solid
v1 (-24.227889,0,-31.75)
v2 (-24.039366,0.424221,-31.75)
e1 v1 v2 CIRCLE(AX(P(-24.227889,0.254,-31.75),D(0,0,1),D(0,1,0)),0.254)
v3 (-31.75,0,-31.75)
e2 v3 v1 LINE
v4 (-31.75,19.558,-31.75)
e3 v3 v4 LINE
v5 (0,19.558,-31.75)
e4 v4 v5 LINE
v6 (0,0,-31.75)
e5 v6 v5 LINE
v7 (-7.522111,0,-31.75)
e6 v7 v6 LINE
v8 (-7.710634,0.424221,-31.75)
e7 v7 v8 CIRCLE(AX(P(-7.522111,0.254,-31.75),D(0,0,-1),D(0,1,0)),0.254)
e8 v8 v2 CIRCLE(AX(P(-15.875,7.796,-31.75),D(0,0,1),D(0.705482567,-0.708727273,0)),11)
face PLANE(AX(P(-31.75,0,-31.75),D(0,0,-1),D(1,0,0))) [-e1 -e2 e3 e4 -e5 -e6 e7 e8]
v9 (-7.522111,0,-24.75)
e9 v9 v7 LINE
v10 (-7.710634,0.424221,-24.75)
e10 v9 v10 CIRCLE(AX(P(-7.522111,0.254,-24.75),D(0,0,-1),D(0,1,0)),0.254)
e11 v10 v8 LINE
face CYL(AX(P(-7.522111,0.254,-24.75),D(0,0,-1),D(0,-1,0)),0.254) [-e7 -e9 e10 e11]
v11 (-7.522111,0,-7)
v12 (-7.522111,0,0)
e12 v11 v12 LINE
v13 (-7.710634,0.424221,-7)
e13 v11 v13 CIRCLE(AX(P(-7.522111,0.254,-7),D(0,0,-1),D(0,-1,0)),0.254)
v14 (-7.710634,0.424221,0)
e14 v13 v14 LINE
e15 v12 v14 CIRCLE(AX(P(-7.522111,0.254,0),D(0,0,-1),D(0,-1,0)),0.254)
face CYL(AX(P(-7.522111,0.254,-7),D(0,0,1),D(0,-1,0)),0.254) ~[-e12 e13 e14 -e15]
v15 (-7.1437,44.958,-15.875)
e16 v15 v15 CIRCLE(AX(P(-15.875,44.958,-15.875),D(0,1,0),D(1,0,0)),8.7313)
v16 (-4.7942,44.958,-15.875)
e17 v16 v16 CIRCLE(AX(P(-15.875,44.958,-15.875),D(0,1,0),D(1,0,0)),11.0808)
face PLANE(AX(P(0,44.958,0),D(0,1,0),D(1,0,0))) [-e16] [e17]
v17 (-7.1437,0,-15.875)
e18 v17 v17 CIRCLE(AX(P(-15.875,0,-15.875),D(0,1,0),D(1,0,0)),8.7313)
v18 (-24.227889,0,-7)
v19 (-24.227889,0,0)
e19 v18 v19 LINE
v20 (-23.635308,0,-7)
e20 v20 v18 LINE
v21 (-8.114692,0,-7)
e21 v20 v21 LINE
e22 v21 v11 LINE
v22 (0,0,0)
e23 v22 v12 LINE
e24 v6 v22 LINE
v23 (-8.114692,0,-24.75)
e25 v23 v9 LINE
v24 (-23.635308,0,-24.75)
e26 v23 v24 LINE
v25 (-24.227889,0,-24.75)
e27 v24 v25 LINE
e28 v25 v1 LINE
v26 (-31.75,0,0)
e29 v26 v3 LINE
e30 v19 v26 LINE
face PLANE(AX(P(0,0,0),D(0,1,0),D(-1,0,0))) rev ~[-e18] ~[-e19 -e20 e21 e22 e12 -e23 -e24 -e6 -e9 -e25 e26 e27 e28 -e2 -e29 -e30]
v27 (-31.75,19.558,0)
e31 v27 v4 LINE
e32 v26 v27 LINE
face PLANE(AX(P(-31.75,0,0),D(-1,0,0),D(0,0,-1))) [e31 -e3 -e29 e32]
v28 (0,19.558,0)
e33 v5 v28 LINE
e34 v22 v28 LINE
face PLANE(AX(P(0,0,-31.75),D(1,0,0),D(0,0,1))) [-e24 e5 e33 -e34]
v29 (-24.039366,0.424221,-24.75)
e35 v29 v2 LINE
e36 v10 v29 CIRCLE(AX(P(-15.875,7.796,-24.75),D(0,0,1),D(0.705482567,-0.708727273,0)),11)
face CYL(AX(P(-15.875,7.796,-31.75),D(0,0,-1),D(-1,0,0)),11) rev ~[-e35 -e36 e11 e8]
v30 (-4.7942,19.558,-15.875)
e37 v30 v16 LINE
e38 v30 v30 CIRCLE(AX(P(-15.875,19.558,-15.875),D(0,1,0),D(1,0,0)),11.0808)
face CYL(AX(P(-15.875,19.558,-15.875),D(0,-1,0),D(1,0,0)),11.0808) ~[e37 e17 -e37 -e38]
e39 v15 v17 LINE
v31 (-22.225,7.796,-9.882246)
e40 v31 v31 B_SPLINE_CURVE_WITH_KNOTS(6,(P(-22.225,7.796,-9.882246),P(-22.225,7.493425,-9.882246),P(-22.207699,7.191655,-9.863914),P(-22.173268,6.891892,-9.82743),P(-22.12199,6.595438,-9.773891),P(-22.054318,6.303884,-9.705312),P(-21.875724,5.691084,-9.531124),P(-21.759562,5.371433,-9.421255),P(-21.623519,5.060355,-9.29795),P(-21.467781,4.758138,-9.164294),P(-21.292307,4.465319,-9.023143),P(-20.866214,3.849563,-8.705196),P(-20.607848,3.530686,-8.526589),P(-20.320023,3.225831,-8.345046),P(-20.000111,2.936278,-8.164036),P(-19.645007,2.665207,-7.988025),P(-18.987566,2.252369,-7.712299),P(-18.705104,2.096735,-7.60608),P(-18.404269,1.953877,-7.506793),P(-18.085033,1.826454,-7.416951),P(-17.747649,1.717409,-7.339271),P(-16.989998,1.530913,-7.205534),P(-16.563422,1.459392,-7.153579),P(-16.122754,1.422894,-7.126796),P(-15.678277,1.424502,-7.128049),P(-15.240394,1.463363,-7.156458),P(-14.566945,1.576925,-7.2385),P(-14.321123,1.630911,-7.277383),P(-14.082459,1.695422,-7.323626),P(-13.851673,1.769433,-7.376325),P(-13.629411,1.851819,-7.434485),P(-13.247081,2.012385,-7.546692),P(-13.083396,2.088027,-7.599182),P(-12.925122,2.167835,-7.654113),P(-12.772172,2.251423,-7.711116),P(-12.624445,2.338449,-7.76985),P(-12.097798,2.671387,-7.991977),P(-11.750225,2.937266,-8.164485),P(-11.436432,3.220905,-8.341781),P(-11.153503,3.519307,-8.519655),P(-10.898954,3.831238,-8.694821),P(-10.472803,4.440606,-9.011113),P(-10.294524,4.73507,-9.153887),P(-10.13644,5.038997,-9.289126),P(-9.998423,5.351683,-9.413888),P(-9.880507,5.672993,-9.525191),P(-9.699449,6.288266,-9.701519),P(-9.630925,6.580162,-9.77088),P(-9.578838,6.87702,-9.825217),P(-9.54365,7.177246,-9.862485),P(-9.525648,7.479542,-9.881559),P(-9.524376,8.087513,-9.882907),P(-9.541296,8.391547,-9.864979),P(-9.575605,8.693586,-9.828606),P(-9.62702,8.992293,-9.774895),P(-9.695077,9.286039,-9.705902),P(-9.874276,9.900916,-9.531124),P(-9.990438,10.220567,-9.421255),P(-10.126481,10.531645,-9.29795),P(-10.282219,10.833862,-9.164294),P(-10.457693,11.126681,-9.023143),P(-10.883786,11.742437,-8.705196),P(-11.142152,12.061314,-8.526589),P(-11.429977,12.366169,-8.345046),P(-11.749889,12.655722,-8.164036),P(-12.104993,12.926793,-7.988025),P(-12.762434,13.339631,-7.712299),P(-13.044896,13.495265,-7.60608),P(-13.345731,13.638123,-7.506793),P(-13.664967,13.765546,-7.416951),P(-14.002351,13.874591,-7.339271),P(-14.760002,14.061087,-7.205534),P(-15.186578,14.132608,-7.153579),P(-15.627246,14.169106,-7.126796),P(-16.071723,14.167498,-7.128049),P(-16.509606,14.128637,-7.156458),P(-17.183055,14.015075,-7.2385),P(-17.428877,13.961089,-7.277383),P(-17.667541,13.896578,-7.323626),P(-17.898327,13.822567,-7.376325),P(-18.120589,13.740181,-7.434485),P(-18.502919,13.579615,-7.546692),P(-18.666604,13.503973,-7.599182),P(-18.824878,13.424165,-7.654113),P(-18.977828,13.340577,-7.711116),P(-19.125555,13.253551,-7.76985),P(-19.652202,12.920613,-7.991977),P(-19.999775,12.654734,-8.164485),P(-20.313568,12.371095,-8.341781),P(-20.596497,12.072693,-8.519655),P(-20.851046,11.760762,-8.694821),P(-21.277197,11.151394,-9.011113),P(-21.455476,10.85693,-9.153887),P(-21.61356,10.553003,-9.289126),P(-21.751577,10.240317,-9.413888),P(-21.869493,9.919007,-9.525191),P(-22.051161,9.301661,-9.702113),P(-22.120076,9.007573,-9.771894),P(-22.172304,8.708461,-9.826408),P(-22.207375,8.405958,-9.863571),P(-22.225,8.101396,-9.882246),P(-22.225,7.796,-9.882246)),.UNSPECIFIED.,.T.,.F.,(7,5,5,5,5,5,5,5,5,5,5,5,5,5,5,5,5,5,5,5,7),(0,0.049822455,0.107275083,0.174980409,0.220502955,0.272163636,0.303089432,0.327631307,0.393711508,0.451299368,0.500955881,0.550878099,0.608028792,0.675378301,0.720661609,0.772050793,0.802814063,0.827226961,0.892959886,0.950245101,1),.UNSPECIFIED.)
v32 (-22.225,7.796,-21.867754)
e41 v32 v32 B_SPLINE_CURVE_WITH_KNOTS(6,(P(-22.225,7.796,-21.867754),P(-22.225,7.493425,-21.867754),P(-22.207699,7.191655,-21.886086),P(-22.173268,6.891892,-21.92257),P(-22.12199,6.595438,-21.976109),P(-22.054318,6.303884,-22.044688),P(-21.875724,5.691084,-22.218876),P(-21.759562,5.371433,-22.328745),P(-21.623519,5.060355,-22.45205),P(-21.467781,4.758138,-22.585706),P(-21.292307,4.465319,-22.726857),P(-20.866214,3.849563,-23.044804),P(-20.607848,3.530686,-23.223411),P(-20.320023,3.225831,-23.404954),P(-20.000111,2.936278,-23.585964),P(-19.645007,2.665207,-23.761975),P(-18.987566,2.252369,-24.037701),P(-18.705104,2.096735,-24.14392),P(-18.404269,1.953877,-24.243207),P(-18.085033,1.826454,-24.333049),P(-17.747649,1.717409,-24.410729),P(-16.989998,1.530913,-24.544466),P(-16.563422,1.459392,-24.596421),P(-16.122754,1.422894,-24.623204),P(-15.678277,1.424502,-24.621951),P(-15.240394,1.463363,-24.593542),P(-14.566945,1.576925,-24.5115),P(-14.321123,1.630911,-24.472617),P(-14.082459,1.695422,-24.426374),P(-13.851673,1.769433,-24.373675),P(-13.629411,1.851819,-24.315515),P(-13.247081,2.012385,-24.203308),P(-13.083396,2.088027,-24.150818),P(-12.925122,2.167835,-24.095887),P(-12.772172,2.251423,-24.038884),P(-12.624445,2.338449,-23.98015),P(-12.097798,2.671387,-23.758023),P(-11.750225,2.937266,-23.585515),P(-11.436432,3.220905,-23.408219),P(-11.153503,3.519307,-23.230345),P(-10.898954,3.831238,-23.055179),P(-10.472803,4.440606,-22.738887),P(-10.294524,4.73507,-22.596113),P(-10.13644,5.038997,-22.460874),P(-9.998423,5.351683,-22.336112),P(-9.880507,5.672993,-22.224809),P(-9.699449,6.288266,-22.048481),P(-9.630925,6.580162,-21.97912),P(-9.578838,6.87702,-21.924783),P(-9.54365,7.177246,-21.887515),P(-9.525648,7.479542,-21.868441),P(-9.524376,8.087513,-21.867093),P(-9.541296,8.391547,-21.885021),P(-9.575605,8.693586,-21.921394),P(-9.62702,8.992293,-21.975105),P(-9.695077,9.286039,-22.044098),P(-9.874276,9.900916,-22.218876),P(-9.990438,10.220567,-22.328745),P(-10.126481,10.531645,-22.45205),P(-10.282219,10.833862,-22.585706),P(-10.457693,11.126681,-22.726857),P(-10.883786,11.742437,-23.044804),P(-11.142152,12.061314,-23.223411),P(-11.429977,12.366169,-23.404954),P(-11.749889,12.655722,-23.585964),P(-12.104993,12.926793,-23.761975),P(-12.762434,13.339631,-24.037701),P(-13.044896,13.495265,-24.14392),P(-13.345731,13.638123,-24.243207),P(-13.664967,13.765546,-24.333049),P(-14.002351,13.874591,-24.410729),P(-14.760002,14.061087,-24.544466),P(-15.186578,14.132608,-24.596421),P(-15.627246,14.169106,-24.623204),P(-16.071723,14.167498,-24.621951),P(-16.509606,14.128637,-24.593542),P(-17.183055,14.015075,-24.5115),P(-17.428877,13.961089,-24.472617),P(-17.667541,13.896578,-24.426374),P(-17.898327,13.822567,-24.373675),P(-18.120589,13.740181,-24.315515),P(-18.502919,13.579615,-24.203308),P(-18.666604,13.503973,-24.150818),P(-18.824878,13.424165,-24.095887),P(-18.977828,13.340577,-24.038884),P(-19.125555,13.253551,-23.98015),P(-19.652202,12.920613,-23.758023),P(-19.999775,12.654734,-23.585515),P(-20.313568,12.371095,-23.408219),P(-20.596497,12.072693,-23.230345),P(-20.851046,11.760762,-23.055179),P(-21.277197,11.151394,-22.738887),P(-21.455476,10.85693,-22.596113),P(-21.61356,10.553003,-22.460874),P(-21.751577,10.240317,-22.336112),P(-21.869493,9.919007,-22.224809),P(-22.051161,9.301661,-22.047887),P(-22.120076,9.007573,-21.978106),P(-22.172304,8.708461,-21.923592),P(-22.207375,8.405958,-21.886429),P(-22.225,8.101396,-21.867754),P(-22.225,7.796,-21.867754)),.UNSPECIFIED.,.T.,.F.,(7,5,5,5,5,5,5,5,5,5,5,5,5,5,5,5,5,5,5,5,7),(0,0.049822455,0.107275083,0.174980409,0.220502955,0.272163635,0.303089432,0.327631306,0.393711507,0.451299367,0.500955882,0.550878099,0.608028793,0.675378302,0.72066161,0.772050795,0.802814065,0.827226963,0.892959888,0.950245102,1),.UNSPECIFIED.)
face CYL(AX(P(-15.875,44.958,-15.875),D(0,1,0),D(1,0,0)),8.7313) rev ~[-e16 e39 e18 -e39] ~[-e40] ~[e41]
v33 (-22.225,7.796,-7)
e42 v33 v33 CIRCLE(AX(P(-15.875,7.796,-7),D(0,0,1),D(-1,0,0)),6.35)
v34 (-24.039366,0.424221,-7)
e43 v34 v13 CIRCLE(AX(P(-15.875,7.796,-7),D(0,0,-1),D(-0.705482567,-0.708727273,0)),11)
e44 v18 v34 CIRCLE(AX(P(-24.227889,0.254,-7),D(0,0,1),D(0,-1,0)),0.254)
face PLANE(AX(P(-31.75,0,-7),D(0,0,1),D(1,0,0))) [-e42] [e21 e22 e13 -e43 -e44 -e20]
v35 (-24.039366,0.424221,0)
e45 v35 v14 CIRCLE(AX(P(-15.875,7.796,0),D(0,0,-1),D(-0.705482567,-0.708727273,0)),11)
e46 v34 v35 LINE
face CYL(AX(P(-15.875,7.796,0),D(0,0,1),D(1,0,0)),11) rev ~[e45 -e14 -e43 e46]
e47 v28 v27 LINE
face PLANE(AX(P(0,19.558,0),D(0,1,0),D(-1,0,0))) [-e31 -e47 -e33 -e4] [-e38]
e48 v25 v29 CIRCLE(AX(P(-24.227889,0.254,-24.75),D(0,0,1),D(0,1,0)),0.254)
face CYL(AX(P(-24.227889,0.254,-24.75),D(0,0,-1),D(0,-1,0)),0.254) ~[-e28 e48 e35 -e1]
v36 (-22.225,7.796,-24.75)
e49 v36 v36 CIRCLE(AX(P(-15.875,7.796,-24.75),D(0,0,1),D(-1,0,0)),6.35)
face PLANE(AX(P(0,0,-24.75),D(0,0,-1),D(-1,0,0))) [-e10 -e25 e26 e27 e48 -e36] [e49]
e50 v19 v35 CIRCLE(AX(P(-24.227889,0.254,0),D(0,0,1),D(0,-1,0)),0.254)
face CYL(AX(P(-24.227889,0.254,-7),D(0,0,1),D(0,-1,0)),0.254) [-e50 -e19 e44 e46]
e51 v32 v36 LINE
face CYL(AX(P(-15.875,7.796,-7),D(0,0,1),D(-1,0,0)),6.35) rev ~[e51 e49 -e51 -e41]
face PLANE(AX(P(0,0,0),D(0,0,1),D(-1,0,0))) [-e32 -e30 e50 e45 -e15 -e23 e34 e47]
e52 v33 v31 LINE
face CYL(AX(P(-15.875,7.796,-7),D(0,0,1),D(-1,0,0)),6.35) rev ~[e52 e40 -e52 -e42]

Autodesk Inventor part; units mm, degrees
ref_plane "YZ Plane" through (0, 0, 0) normal (1, 0, 0) x (0, 1, 0)
ref_plane "XZ Plane" through (0, 0, 0) normal (0, 1, 0) x (-1, 0, 0)
ref_plane "XY Plane" through (0, 0, 0) normal (0, 0, 1) x (1, 0, 0)
sketch "Sketch1" plane through (0, 0, 0) normal (0, 1, 0) x (-1, 0, 0)
  line L0 (0, 0) -> (31.75, 0)
  line L1 (31.75, 0) -> (31.75, -31.75)
  line L2 (31.75, -31.75) -> (0, -31.75)
  line L3 (0, -31.75) -> (0, 0)
  dimension "d0" = 31.75
  dimension "d1" = 31.75
extrude "Extrusion1" add sketch "Sketch1" along normal blind 19.558
sketch "Sketch2" plane through (0, 19.558, 0) normal (0, 1, 0) x (1, 0, 0)
  line L0 (-31.75, 31.75) -> (-31.75, 0) construction
  line L1 (-31.75, 0) -> (0, 31.75) construction
  circle A0 centre (-15.875, 15.875) radius 11.0808
  point P0 (0, 0)
  dimension "d4" = 22.1615
extrude "Extrusion2" add sketch "Sketch2" along normal blind 25.4
sketch "Sketch3" plane through (-15.875, 44.958, -15.875) normal (0, 1, 0) x (1, 0, 0)
  circle A0 centre (0, 0) radius 8.7313
  circle A1 centre (0, 0) radius 11.0808 projected
  point P0 (15.875, -15.875)
  dimension "d19" = 17.4625
extrude "Extrusion3" cut sketch "Sketch3" against normal through all contours A0
sketch "Sketch4" plane through (-31.75, 0, 0) normal (0, 0, 1) x (1, 0, 0)
  circle A0 centre (15.875, 7.796) radius 11
  line L0 (0, 19.558) -> (31.75, 19.558) construction
  line L1 (15.875, 19.558) -> (15.875, 0) construction
  line L2 (31.75, 0) -> (0, 0) construction
  dimension "d10" = 22
  dimension "d20" = 11.762
extrude "Extrusion4" cut sketch "Sketch4" against normal blind 7
sketch "Sketch5" plane through (0, 0, -31.75) normal (0, 0, -1) x (-1, 0, 0)
  circle A0 centre (15.875, 7.796) radius 11 projected
  point P0 (0, 0)
extrude "Extrusion5" cut sketch "Sketch5" against normal blind 7
sketch "Sketch6" plane through (-15.875, 7.796, -7) normal (0, 0, 1) x (-1, 0, 0)
  circle A0 centre (0, 0) radius 6.35
  point P0 (-15.875, 7.796)
  dimension "d15" = 12.7
extrude "Extrusion6" cut sketch "Sketch6" against normal through all
fillet "Fillet1" radius 0.254 4 edges at (-8.1147, 0, -3.5) (-23.6353, 0, -3.5) (-23.6353, 0, -28.25) (-8.1147, 0, -28.25)
properties part number "bearingholder" material "Aluminum 6061"
